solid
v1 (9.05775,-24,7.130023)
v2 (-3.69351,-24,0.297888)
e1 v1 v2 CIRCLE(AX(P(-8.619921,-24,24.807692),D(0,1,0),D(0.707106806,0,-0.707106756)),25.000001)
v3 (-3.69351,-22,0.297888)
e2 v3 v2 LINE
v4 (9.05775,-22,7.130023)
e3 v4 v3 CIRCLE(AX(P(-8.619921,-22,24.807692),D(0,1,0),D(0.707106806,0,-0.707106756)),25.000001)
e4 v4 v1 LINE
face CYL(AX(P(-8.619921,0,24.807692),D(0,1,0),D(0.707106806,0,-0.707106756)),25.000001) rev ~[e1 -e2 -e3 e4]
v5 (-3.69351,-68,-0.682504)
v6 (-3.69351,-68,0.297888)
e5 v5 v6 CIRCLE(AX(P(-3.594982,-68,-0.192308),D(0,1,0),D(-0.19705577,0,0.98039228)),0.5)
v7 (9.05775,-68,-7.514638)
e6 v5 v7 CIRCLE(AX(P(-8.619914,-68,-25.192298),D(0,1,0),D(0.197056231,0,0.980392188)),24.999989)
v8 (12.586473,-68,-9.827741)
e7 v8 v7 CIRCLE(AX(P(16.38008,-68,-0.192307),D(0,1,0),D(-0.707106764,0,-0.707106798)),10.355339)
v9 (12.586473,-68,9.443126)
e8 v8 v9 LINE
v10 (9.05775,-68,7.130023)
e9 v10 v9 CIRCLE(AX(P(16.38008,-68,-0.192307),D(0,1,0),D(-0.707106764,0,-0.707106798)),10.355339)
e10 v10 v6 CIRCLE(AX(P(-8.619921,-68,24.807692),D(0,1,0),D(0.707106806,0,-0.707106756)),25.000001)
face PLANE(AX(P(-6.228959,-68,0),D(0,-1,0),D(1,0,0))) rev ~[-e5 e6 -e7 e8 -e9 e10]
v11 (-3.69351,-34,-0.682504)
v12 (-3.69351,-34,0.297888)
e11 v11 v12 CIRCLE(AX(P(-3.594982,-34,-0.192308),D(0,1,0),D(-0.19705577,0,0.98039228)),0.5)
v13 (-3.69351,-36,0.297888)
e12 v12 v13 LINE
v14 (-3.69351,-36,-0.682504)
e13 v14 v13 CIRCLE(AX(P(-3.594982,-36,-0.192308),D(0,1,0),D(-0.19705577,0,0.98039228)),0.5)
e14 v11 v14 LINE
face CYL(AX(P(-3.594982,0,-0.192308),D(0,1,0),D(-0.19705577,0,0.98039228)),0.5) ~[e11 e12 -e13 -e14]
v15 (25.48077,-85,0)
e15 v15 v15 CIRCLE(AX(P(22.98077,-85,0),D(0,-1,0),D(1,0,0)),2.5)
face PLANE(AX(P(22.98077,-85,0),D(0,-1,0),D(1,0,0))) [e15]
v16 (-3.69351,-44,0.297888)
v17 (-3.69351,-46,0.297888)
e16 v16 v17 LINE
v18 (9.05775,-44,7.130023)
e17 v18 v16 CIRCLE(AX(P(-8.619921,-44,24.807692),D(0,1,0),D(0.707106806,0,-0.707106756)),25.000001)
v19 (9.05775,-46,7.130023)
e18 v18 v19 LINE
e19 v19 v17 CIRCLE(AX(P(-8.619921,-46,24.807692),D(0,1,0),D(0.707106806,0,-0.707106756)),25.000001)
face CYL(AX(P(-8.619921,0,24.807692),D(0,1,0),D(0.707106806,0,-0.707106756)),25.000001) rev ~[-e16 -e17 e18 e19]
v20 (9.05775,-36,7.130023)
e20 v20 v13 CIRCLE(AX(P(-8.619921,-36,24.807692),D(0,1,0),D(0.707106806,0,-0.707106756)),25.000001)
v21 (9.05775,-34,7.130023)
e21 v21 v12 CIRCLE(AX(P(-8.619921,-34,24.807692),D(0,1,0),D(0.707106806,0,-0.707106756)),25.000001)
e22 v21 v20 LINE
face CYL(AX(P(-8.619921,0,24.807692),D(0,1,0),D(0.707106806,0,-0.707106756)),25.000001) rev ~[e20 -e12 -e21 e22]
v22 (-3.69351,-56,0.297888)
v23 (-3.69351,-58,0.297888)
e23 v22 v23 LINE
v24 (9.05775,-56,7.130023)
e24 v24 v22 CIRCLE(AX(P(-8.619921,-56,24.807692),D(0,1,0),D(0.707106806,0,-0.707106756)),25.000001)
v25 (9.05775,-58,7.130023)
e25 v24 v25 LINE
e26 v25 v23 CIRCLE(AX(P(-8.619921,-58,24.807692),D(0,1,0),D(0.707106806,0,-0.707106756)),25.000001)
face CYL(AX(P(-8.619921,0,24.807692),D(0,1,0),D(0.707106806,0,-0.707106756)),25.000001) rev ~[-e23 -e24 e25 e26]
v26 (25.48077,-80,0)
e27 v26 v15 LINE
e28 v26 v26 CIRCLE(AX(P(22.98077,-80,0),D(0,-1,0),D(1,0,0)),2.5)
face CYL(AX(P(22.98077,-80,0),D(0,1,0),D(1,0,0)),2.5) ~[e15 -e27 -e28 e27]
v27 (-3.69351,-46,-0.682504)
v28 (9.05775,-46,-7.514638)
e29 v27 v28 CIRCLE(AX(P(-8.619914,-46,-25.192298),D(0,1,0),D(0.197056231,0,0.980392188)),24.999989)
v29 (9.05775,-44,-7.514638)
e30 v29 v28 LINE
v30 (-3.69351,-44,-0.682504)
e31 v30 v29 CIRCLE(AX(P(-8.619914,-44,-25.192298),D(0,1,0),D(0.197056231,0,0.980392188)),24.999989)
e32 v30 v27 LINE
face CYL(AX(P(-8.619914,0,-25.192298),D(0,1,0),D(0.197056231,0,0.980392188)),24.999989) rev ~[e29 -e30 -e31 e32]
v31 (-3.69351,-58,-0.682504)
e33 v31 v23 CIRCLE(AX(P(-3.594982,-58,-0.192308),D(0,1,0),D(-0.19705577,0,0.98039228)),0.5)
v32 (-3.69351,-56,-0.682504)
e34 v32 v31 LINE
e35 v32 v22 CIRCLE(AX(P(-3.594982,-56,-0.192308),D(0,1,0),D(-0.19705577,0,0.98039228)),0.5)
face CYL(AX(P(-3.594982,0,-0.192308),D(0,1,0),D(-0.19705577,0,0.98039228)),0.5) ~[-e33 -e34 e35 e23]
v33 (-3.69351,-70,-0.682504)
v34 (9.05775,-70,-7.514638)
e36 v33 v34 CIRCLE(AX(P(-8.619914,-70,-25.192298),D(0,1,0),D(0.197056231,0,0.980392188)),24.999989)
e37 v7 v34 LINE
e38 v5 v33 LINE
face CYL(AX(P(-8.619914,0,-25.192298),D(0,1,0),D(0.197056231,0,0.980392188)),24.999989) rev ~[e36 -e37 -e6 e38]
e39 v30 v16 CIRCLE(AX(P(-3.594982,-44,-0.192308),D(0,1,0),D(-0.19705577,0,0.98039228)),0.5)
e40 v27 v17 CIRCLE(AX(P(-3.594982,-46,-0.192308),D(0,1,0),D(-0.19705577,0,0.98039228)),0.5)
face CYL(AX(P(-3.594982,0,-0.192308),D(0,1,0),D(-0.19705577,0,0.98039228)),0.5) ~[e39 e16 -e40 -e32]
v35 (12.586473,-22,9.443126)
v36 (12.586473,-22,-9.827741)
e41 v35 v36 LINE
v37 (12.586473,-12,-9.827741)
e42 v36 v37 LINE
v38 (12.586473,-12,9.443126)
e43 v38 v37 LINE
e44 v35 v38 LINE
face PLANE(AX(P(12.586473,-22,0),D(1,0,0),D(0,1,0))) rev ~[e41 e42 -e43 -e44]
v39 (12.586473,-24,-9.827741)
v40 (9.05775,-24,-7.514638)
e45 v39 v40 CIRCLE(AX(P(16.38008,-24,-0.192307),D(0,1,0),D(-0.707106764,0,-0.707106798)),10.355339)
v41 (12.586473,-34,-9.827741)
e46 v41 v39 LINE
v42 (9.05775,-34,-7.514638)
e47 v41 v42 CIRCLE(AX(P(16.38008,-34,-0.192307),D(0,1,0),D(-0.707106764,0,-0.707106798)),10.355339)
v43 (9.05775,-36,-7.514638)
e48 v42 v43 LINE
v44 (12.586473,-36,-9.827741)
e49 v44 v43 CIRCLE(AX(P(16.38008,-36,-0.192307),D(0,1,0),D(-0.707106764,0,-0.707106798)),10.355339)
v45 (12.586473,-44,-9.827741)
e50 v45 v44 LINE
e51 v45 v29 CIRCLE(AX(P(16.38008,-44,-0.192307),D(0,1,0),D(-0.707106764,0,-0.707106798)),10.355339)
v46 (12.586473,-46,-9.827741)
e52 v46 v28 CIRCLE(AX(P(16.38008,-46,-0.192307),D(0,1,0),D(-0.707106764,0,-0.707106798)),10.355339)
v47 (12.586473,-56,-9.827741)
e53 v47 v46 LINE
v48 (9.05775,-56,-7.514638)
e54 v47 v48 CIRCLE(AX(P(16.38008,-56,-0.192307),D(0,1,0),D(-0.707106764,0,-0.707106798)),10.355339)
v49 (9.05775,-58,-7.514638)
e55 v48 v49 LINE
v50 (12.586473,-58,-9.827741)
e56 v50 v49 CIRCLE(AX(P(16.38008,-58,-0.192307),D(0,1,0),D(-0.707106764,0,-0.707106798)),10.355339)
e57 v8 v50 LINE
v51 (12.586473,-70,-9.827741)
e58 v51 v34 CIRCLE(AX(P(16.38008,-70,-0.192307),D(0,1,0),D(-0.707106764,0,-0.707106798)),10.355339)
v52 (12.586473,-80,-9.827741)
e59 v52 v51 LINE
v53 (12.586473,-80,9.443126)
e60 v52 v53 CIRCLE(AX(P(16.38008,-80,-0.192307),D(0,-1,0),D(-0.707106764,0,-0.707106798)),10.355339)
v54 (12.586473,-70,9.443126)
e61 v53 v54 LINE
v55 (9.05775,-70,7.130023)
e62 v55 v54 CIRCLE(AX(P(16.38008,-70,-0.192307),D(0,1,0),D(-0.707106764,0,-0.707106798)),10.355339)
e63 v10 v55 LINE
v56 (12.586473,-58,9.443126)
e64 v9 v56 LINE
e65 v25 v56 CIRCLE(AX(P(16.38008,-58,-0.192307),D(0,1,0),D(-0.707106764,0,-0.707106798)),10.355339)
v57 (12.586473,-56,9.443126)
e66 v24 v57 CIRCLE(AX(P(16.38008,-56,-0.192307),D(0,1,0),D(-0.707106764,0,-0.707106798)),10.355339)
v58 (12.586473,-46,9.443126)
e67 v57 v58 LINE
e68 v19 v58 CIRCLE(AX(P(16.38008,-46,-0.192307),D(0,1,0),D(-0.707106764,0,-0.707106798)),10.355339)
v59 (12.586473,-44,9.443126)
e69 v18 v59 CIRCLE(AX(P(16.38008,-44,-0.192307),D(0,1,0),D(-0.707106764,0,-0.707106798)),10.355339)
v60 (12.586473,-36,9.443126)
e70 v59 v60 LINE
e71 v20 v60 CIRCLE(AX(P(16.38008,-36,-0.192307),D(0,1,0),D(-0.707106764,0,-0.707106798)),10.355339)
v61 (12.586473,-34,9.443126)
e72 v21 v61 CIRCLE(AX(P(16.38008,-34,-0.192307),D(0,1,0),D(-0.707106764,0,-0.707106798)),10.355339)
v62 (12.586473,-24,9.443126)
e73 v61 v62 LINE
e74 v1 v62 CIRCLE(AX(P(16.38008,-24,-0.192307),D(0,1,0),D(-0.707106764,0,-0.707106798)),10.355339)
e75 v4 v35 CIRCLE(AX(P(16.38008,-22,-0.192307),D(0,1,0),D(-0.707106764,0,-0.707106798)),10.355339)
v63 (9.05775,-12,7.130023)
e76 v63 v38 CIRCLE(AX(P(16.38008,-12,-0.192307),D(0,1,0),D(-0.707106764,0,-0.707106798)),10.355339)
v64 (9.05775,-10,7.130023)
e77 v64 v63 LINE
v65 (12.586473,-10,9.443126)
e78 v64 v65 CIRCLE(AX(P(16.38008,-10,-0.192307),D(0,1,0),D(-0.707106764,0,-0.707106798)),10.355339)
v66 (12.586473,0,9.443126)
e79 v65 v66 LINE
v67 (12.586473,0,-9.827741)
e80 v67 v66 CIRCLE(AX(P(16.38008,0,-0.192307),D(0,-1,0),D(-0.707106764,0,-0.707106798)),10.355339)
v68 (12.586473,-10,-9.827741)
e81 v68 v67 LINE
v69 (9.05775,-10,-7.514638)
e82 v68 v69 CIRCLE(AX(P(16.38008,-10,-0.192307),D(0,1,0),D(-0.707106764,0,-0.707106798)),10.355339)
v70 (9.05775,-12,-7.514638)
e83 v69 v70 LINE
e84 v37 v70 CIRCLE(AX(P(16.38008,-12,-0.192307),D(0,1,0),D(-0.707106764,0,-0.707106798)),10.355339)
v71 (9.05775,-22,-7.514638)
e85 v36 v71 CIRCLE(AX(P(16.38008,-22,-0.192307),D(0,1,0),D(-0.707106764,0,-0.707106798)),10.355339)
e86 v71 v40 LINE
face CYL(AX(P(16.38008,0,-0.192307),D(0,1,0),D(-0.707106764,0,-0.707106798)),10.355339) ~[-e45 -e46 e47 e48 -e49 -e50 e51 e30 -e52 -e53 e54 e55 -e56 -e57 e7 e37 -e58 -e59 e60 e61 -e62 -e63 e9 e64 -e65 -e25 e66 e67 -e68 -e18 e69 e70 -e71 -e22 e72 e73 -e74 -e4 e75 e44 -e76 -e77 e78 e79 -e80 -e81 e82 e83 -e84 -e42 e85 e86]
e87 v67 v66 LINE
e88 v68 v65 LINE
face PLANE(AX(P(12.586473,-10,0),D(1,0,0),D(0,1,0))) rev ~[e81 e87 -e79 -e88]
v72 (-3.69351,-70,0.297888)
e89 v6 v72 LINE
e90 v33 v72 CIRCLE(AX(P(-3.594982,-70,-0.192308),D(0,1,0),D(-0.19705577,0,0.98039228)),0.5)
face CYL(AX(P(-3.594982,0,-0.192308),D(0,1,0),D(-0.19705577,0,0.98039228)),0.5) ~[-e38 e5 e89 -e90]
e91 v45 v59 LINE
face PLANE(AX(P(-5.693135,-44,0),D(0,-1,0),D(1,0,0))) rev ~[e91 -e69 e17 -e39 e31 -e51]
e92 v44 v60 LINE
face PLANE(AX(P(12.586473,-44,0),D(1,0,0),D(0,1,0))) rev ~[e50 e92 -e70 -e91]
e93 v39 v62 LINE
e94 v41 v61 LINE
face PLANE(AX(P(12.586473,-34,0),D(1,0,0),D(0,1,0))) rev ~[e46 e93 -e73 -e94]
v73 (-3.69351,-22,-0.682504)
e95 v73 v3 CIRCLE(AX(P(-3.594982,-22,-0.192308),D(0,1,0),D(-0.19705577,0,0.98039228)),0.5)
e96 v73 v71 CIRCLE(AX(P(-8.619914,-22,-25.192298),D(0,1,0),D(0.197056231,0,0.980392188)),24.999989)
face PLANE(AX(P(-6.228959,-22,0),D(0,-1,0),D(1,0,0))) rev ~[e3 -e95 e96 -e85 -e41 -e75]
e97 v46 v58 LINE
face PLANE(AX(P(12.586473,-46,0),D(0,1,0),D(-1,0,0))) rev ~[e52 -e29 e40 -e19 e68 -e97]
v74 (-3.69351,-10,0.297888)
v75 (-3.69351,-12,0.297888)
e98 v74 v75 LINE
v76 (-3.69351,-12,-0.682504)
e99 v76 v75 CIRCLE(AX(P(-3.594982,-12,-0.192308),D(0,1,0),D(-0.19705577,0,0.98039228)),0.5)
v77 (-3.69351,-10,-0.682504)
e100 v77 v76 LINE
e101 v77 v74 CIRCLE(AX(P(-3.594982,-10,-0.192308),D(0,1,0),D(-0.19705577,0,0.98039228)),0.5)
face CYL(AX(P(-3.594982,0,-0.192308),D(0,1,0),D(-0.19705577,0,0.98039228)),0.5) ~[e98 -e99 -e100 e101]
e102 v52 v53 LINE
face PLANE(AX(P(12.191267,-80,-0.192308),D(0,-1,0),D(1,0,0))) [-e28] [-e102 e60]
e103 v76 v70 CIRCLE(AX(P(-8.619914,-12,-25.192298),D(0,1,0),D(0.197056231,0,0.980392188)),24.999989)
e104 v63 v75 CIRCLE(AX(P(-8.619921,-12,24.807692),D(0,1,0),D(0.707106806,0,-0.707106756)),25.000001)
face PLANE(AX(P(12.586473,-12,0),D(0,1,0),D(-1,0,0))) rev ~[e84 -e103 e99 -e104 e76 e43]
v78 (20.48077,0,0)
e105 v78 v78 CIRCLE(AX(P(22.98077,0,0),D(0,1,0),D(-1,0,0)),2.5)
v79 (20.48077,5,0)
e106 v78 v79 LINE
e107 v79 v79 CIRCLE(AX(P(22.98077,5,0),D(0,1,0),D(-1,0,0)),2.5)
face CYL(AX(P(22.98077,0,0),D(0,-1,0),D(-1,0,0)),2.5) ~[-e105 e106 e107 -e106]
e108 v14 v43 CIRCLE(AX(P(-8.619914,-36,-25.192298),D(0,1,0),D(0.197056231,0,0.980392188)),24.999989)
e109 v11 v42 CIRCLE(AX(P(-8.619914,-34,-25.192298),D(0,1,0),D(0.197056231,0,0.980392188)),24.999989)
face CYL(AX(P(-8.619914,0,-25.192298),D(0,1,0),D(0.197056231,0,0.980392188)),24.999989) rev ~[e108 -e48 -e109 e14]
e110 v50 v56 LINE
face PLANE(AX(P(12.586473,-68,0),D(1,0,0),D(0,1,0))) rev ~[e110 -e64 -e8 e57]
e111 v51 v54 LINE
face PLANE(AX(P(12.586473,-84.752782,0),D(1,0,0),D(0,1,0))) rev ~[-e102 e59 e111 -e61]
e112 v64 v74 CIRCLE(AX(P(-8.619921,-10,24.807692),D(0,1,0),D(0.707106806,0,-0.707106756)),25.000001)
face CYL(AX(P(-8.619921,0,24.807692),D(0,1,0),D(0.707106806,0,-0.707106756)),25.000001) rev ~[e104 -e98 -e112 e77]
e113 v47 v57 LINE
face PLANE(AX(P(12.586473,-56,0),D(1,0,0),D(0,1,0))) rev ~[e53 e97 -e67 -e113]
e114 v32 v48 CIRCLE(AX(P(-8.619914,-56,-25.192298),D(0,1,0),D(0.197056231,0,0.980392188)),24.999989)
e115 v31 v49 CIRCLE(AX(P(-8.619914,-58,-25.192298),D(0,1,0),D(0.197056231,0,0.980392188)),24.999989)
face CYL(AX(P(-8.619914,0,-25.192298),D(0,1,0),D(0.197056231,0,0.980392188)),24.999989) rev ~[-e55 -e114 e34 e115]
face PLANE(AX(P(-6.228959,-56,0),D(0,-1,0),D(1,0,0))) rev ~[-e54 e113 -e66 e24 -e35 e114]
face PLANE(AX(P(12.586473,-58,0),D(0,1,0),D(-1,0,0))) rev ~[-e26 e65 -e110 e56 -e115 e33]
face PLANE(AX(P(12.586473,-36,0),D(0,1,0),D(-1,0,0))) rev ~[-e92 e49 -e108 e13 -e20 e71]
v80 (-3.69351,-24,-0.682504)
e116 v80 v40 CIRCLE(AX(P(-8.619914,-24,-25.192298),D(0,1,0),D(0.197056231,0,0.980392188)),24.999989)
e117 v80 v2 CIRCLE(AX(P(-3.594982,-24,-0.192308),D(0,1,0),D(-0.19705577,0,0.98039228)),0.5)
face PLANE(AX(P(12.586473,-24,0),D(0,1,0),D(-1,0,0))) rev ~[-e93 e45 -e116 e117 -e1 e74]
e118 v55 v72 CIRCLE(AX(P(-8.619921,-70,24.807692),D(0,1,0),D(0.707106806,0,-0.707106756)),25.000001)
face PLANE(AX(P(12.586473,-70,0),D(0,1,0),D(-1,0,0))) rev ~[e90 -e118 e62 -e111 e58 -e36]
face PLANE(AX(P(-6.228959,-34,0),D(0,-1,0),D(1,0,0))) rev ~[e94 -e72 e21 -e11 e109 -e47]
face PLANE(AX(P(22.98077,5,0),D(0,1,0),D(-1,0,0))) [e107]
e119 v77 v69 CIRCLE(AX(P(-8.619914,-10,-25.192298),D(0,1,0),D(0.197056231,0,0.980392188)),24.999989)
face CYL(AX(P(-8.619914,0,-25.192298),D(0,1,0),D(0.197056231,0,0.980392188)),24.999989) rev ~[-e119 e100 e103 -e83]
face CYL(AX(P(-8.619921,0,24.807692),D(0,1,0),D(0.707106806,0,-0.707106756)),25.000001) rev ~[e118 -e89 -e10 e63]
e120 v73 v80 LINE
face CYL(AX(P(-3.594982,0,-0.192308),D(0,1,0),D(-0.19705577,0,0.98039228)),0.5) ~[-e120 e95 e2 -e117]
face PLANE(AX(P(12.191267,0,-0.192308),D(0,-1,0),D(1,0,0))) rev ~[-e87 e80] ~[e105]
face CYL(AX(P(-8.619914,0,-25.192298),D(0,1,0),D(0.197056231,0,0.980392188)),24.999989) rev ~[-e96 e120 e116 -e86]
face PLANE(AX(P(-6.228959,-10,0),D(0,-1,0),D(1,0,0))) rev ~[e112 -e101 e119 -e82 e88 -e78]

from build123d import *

# Parameters (mm, degrees)
F1_DEPTH = 80
F3_DEPTH = 12.5
F4_R     = 2.5
F5_DEPTH = 5
F6_R     = 2.5
F7_DEPTH = 5


with BuildPart() as f1:
    # F0 (on Front) → F1 (new body)
    with BuildSketch(Plane.XZ):
        with BuildLine():
            ThreePointArc((9.05775, 7.130023), (3.187096, 2.771486), (-3.69351, 0.297888))
            ThreePointArc((-3.69351, 0.297888), (-4.094982, -0.192308), (-3.69351, -0.682504))
            ThreePointArc((-3.69351, -0.682504), (3.187096, -3.156101), (9.05775, -7.514638))
            ThreePointArc((9.05775, -7.514638), (26.735419, -0.192308), (9.05775, 7.130023))
        make_face()
    extrude(amount=F1_DEPTH)

    # F2 (on Top) → F3 (cut, symmetric)
    with BuildSketch(Plane.XY):
        Polygon((-6.228959, -12), (-6.228959, -10), (12.586473, -10), (12.586473, 2.989336), (-20.302792, 2.989336), (-20.302792, -84.092789), (12.586473, -84.752782), (12.586473, -70), (-6.228959, -70), (-6.228959, -68), (12.586473, -68), (12.586473, -58), (-6.228959, -58), (-6.228959, -56), (12.586473, -56), (12.586473, -46), (-5.693135, -46), (-5.693135, -44), (12.586473, -44), (12.586473, -36), (-6.228959, -36), (-6.228959, -34), (12.586473, -34), (12.586473, -24), (-6.228959, -24), (-6.228959, -22), (12.586473, -22), (12.586473, -12), align=None)
    extrude(amount=F3_DEPTH, both=True, mode=Mode.SUBTRACT)

    # F4 (on face) → F5 (join)
    with BuildSketch(Plane.XZ.offset(80)):
        with Locations((22.98077, 0)):
            Circle(F4_R)
    extrude(amount=F5_DEPTH)

    # F6 (on face) → F7 (join)
    with BuildSketch(Plane(origin=(0, 0, 0), x_dir=(-1, 0, 0), z_dir=(0, 1, 0))):
        with Locations((-22.98077, 0)):
            Circle(F6_R)
    extrude(amount=F7_DEPTH)


solid = f1.part
